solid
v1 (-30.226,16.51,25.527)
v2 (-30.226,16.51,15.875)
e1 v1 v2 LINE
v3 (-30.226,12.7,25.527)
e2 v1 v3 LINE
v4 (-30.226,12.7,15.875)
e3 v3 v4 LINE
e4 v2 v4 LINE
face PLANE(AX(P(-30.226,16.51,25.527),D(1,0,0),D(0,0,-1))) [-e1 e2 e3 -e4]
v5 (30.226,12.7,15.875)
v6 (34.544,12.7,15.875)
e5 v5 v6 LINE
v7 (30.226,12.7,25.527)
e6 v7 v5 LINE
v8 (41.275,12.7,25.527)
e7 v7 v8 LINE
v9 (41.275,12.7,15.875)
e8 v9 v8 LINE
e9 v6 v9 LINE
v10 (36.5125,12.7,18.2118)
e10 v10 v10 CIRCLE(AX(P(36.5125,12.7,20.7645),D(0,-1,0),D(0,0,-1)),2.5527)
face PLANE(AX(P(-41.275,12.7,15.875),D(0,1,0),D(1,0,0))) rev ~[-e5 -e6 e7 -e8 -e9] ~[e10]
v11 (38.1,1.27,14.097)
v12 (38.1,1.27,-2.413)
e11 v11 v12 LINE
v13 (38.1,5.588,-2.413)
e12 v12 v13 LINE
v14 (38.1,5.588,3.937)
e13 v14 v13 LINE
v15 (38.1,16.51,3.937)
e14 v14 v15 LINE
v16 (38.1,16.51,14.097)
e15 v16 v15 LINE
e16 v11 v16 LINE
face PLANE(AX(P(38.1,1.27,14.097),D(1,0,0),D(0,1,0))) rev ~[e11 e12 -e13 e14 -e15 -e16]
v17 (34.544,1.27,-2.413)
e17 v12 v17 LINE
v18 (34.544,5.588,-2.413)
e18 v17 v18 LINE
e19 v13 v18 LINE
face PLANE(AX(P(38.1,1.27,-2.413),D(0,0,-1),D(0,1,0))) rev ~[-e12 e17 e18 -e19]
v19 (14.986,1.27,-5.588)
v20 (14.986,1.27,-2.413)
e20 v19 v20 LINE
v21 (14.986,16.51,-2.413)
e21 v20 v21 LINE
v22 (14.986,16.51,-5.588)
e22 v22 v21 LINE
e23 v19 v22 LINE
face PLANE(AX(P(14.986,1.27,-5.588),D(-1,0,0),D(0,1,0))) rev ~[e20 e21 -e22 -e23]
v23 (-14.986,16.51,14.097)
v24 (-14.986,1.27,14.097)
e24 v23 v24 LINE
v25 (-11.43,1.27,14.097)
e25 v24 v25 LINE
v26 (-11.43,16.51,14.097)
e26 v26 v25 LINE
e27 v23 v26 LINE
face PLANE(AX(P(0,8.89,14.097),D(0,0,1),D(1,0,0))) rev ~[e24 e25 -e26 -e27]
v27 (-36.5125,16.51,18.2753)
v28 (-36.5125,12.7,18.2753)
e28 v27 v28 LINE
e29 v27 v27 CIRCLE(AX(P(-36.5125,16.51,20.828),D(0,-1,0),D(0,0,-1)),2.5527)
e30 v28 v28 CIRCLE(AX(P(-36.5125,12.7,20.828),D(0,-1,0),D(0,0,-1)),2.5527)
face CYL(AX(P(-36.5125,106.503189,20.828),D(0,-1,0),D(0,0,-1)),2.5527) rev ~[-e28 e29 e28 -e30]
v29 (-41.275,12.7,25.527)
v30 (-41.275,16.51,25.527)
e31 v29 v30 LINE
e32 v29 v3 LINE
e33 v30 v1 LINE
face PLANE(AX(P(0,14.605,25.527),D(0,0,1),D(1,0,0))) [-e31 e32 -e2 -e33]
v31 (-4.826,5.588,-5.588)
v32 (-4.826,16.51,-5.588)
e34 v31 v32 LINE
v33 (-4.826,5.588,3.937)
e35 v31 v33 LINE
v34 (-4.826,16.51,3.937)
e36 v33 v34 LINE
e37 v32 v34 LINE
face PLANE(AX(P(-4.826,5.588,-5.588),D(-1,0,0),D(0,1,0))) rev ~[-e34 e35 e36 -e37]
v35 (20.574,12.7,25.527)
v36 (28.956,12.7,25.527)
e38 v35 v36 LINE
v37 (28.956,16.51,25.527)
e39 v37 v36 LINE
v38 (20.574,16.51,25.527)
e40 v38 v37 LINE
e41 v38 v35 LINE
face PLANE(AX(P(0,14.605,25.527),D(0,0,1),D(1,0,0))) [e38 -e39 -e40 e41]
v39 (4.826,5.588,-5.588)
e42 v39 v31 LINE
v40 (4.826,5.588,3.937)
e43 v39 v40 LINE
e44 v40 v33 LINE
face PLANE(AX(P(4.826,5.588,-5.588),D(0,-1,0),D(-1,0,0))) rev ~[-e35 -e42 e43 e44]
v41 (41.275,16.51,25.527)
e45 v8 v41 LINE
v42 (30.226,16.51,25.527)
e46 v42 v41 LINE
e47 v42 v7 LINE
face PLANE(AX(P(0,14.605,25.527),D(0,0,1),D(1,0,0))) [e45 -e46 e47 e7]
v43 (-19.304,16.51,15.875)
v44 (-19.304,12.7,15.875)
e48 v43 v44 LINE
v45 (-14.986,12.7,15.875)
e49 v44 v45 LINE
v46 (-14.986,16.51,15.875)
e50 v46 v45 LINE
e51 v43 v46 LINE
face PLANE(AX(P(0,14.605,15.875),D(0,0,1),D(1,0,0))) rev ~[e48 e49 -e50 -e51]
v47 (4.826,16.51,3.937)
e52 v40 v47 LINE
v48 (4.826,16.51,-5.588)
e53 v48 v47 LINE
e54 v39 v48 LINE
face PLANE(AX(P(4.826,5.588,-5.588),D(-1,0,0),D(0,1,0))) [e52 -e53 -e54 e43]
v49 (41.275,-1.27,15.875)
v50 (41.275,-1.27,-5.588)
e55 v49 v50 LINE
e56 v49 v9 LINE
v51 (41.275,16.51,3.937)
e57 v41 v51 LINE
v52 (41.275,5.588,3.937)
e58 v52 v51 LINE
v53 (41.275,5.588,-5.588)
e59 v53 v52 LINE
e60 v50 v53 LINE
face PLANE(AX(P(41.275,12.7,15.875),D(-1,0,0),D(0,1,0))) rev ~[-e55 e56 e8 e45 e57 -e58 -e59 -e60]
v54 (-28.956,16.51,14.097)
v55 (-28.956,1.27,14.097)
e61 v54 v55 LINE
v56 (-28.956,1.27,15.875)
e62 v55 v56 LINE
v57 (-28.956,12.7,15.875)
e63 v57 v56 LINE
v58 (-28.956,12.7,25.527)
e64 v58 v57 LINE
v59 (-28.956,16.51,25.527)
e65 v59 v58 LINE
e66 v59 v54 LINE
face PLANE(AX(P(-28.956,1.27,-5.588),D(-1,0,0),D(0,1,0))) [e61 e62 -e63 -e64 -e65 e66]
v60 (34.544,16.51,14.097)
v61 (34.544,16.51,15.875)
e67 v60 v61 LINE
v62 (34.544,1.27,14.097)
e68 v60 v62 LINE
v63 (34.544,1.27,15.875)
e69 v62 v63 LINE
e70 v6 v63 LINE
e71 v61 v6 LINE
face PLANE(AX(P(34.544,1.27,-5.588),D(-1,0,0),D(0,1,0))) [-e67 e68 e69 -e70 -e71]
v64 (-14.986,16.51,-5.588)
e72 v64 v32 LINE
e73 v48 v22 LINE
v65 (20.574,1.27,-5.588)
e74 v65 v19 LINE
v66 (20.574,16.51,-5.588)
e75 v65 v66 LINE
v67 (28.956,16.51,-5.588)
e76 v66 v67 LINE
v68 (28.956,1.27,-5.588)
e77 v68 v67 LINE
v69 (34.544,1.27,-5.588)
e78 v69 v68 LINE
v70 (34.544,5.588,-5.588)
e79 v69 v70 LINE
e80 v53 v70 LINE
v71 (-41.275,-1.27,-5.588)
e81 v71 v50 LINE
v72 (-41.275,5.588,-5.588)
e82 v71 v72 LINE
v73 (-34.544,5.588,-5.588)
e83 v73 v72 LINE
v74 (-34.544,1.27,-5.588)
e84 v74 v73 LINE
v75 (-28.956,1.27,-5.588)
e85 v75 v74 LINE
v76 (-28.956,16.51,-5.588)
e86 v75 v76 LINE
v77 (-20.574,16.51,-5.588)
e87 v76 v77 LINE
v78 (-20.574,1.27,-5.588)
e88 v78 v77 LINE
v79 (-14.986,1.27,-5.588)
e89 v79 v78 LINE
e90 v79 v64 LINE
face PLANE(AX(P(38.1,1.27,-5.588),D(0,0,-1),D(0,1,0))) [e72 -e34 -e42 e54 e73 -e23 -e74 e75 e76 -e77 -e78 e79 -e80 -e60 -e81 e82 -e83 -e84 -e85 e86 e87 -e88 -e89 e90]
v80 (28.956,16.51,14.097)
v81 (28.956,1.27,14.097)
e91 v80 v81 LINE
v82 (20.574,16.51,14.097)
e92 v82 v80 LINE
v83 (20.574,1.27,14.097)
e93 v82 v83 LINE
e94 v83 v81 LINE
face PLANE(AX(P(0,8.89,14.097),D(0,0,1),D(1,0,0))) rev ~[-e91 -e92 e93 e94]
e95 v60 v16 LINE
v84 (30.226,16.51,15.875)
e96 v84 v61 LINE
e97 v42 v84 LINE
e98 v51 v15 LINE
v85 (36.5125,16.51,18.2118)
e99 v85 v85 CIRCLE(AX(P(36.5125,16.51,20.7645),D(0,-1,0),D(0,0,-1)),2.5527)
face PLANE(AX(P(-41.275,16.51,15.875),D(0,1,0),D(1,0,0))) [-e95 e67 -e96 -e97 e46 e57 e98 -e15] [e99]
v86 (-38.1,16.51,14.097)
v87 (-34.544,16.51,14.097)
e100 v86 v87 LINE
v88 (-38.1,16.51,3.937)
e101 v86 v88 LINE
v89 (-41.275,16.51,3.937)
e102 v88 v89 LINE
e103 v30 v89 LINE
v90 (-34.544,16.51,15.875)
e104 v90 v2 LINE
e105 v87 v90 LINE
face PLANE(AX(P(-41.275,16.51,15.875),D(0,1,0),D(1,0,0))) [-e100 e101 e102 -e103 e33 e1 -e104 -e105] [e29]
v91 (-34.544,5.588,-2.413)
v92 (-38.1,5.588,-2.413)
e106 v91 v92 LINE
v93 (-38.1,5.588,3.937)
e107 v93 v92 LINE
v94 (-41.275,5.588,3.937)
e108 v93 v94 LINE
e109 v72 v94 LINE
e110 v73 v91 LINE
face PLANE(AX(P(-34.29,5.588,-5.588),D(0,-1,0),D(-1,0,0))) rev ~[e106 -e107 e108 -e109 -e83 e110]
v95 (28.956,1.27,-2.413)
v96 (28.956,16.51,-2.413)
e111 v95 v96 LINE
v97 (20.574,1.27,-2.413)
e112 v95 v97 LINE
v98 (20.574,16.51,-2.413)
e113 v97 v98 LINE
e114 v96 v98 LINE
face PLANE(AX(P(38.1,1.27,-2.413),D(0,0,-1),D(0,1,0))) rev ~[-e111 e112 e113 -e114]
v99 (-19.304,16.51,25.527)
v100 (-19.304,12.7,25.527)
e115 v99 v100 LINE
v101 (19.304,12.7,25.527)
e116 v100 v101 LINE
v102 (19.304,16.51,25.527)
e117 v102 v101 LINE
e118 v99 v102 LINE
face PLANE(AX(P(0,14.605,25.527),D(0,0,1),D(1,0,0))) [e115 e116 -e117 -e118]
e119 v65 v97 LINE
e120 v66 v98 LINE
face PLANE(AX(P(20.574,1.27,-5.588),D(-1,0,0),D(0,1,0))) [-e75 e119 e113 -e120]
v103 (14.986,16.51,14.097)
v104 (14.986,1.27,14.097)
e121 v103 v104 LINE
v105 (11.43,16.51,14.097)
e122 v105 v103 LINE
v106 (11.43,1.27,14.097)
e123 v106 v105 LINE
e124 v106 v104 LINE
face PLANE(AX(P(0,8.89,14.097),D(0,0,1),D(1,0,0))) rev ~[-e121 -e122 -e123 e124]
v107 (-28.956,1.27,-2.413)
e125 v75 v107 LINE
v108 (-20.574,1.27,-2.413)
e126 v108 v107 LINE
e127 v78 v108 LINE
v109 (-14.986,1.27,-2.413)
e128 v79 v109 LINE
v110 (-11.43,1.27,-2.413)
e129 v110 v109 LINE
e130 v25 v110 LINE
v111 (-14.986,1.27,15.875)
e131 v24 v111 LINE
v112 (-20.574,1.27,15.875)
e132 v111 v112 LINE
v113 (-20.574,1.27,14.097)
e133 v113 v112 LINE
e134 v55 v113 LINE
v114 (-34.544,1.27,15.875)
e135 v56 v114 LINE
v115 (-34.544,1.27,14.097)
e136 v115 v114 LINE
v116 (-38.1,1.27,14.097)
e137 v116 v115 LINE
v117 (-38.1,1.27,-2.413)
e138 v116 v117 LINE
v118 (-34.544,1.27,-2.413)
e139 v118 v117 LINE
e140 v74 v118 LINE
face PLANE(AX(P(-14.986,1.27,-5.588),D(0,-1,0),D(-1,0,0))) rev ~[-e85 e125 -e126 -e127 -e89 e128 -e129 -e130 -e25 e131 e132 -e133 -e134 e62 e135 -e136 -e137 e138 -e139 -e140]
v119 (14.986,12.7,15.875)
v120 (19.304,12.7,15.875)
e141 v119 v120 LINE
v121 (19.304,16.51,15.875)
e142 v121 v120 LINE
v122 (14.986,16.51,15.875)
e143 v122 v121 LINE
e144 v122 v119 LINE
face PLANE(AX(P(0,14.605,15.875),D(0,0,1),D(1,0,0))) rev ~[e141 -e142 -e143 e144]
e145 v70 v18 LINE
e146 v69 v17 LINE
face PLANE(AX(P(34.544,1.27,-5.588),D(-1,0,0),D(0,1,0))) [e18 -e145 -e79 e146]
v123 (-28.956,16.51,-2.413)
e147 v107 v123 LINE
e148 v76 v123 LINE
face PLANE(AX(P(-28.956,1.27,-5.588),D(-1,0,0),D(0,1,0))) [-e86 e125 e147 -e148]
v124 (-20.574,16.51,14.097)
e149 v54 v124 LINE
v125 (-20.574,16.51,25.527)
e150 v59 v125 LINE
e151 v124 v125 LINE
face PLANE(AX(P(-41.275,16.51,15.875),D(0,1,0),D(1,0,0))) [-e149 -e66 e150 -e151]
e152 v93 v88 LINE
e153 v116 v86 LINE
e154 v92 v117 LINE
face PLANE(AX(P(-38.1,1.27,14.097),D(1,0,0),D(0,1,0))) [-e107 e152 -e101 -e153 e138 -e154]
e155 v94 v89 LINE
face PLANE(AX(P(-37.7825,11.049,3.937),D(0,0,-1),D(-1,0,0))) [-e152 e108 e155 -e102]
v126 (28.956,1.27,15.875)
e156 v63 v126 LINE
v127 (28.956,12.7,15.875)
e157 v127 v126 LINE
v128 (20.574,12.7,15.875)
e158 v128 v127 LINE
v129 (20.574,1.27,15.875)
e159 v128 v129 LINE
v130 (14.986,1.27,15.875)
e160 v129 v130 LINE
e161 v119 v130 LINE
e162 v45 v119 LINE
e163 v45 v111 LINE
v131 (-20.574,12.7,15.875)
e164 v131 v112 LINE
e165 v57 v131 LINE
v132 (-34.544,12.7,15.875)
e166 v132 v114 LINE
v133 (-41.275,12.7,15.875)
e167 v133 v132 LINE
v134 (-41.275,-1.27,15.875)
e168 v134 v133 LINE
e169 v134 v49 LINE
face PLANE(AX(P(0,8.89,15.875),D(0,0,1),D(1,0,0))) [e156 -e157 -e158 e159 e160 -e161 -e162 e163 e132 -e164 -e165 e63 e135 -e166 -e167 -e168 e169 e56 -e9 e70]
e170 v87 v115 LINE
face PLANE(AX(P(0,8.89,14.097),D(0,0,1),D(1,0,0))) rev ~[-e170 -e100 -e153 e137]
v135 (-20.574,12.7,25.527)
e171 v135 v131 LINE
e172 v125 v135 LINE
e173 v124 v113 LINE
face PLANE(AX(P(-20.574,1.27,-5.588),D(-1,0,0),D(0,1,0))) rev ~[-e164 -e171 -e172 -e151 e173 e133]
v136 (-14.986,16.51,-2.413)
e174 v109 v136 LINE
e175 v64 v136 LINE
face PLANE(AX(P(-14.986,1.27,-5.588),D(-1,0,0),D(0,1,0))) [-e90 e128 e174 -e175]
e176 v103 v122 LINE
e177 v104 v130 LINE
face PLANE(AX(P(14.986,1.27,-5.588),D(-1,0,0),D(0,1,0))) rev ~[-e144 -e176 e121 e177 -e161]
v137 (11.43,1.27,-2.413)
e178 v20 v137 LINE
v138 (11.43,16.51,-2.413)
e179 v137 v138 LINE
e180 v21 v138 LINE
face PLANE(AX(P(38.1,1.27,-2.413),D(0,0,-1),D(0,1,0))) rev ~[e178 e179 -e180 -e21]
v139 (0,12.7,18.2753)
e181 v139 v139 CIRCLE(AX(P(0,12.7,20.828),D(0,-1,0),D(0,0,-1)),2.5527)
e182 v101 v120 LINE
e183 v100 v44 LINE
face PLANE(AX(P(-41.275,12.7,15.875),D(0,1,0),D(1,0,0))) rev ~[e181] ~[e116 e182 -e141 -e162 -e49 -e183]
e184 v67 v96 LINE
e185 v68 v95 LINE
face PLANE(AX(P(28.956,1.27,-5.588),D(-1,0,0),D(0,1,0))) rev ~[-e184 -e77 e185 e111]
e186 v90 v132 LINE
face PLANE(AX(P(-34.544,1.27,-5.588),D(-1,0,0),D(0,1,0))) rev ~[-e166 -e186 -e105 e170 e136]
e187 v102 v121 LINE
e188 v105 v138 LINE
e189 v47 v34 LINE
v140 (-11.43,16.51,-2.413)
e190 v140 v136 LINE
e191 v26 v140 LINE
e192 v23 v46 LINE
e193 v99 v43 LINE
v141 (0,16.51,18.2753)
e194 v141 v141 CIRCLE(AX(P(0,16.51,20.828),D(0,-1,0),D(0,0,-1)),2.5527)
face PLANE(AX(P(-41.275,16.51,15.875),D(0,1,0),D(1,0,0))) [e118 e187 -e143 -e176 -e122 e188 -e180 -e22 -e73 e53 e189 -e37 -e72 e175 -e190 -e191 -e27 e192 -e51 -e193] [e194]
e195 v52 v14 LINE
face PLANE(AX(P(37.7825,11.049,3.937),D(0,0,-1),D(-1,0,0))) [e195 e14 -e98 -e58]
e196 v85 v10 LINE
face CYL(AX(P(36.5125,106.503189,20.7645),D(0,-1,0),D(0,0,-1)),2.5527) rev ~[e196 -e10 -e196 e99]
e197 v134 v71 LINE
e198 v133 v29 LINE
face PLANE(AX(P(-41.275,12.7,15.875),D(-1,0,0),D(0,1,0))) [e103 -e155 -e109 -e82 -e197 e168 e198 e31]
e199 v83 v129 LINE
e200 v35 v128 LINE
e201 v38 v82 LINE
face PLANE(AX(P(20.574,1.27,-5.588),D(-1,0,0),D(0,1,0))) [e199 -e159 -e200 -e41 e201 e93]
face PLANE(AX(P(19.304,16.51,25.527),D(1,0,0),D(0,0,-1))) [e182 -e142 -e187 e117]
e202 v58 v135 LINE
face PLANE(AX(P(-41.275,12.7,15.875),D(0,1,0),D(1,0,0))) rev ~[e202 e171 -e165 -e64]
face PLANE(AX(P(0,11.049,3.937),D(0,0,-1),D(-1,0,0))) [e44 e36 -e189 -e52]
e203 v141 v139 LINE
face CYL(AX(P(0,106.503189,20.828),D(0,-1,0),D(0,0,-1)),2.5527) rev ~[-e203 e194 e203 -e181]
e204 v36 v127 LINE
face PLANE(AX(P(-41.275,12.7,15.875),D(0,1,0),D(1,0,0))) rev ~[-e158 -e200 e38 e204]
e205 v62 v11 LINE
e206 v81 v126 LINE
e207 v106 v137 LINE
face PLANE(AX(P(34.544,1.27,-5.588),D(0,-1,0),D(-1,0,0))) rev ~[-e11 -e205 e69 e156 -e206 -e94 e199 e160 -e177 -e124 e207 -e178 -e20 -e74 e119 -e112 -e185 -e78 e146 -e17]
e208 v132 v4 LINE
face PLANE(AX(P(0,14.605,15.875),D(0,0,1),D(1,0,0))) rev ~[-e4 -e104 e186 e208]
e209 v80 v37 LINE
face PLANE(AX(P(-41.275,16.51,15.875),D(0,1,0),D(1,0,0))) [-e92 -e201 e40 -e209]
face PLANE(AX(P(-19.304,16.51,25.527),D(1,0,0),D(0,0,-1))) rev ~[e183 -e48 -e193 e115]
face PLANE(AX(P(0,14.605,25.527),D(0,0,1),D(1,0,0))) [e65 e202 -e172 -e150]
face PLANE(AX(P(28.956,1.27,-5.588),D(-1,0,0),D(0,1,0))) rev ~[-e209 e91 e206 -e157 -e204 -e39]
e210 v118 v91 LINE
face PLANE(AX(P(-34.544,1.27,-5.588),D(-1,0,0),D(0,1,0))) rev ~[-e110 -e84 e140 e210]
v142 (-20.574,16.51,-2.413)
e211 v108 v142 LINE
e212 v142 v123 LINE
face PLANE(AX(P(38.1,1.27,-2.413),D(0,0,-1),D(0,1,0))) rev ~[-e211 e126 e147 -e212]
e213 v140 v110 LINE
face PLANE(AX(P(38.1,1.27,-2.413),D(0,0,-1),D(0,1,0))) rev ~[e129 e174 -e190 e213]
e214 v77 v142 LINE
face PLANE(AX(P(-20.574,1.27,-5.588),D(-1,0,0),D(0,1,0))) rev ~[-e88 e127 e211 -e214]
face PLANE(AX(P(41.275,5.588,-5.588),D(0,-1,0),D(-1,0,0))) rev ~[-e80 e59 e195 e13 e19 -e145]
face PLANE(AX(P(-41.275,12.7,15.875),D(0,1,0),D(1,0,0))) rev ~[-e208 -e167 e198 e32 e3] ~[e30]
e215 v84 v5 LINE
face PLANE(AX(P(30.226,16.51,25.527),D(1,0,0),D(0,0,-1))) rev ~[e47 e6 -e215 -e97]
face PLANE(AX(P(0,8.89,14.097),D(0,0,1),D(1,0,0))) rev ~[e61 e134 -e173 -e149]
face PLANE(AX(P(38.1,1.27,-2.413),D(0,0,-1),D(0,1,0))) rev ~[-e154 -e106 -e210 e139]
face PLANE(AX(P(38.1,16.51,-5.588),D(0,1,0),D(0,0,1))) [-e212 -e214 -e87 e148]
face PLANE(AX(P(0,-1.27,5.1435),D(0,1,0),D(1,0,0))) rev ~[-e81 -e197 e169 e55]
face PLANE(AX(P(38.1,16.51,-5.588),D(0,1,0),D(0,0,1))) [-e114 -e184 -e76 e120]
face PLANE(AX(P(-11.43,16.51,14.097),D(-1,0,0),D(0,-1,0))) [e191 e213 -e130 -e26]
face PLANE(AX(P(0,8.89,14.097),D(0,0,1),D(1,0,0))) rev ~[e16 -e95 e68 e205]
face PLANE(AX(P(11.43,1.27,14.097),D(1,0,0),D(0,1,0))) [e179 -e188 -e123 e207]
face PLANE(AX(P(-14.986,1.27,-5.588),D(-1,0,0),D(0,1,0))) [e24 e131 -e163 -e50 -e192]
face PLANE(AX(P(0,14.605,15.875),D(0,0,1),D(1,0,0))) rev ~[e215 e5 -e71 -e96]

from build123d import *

# Parameters (mm, degrees)
SKETCH1_W              = 82.55
SKETCH1_H              = 21.463
PLATE_DEPTH            = 1.27
SKETCH4_W              = 82.55
SKETCH4_H              = 15.24
BOSS_EXTRUDE1_DEPTH    = 1.778
SKETCH5_W              = 3.175
SKETCH5_H              = 15.24
BOSS_EXTRUDE2_DEPTH    = 19.685
BOSS_EXTRUDE5_REACH    = 84.613
SKETCH9_W              = 3.175
SKETCH9_H              = 15.24
BOSS_EXTRUDE6_REACH    = 50.618
SKETCH11_W             = 5.588
SKETCH11_H             = 15.24
CUT_EXTRUDE1_DEPTH     = 50.364623912
SKETCH13_W             = 82.55
SKETCH13_H             = 3.81
BOSS_EXTRUDE7_DEPTH    = 9.652
F_10_CLEARANCE_HOLE1_D = 5.1054
SKETCH16_W             = 6.985
SKETCH16_H             = 10.922
SKETCH16_W_2           = 9.652
CUT_EXTRUDE4_DEPTH     = 9.525
SKETCH18_W             = 1.27
SKETCH18_H             = 9.652
CUT_EXTRUDE6_DEPTH     = 52.685411423


with BuildPart() as part:
    # Sketch1 → Plate (new, symmetric)
    with BuildSketch(Plane(origin=(0, 0, 0), x_dir=(1, 0, 0), z_dir=(0, 1, 0))):
        with Locations((0, -5.1435)):
            Rectangle(SKETCH1_W, SKETCH1_H)
    extrude(amount=PLATE_DEPTH, both=True)

    # Sketch4 → Boss-Extrude1 (add)
    with BuildSketch(Plane.XY.offset(15.875)):
        with Locations((0, 8.89)):
            Rectangle(SKETCH4_W, SKETCH4_H)
    extrude(amount=-BOSS_EXTRUDE1_DEPTH)

    # Sketch5 → Boss-Extrude2 (add)
    with BuildSketch(Plane(origin=(0, 0, 14.097), x_dir=(-1, 0, 0), z_dir=(0, 0, -1))):
        with Locations((-39.6875, 8.89)):
            Rectangle(SKETCH5_W, SKETCH5_H)
        with Locations((39.6875, 8.89)):
            Rectangle(SKETCH5_W, SKETCH5_H)
    extrude(amount=BOSS_EXTRUDE2_DEPTH)

    # Sketch9 → Boss-Extrude5 (add, up to next)
    with BuildSketch(Plane.ZY.offset(-38.1), mode=Mode.PRIVATE) as boss_extrude5_sk1:
        with Locations((-4.0005, 8.89)):
            Rectangle(SKETCH9_W, SKETCH9_H)
    boss_extrude5_tool1 = extrude(boss_extrude5_sk1.sketch, amount=BOSS_EXTRUDE5_REACH, mode=Mode.PRIVATE) - part.part
    add(boss_extrude5_tool1.solids().sort_by_distance((38.1, 8.89, -4.0005))[0])

    # Sketch10 → Boss-Extrude6 (add, up to next)
    with BuildSketch(Plane(origin=(0, 0, 14.097), x_dir=(-1, 0, 0), z_dir=(0, 0, -1)), mode=Mode.PRIVATE) as boss_extrude6_sk1:
        Polygon((-8.255, 1.27), (-11.43, 1.27), (-11.43, 16.51), (-8.255, 16.51), (8.255, 16.51), (11.43, 16.51), (11.43, 1.27), (8.255, 1.27), align=None)
    boss_extrude6_tool1 = extrude(boss_extrude6_sk1.sketch, amount=BOSS_EXTRUDE6_REACH, mode=Mode.PRIVATE) - part.part
    add(boss_extrude6_tool1.solids().sort_by_distance((0, 8.89, 14.097))[0])

    # Sketch11 → Cut-Extrude1 (cut, through all)
    with BuildSketch(Plane(origin=(0, 0, -5.588), x_dir=(-1, 0, 0), z_dir=(0, 0, -1))):
        with Locations((-31.75, 8.89)):
            Rectangle(SKETCH11_W, SKETCH11_H)
        with Locations((31.75, 8.89)):
            Rectangle(SKETCH11_W, SKETCH11_H)
        with Locations((-17.78, 8.89)):
            Rectangle(SKETCH11_W, SKETCH11_H)
        with Locations((17.78, 8.89)):
            Rectangle(SKETCH11_W, SKETCH11_H)
    extrude(amount=-CUT_EXTRUDE1_DEPTH, mode=Mode.SUBTRACT)

    # Sketch13 → Boss-Extrude7 (add)
    with BuildSketch(Plane.XY.offset(15.875)):
        with Locations((0, 14.605)):
            Rectangle(SKETCH13_W, SKETCH13_H)
    extrude(amount=BOSS_EXTRUDE7_DEPTH)

    # #10 Clearance Hole1 (through all)
    with Locations(Plane(origin=(36.5125, 16.51, 20.7645), x_dir=(0, 0, 1), z_dir=(0, 1, 0))):
        with Locations((0, 0), (0.0635, -36.5125), (0.0635, -73.025)):
            Hole(F_10_CLEARANCE_HOLE1_D / 2)

    # Sketch16 → Cut-Extrude4 (cut)
    with BuildSketch(Plane(origin=(0, 0, -5.588), x_dir=(-1, 0, 0), z_dir=(0, 0, -1))):
        with Locations((-37.7825, 11.049)):
            Rectangle(SKETCH16_W, SKETCH16_H)
        with Locations((37.7825, 11.049)):
            Rectangle(SKETCH16_W, SKETCH16_H)
        with Locations((0, 11.049)):
            Rectangle(SKETCH16_W_2, SKETCH16_H)
    extrude(amount=-CUT_EXTRUDE4_DEPTH, mode=Mode.SUBTRACT)

    # Sketch18 → Cut-Extrude6 (cut, through all)
    with BuildSketch(Plane(origin=(0, 16.51, 0), x_dir=(1, 0, 0), z_dir=(0, 1, 0))):
        with Locations((-29.591, -20.701)):
            Rectangle(SKETCH18_W, SKETCH18_H)
        with Locations((-19.939, -20.701)):
            Rectangle(SKETCH18_W, SKETCH18_H)
        with Locations((19.939, -20.701)):
            Rectangle(SKETCH18_W, SKETCH18_H)
        with Locations((29.591, -20.701)):
            Rectangle(SKETCH18_W, SKETCH18_H)
    extrude(amount=-CUT_EXTRUDE6_DEPTH, mode=Mode.SUBTRACT)


solid = part.part
